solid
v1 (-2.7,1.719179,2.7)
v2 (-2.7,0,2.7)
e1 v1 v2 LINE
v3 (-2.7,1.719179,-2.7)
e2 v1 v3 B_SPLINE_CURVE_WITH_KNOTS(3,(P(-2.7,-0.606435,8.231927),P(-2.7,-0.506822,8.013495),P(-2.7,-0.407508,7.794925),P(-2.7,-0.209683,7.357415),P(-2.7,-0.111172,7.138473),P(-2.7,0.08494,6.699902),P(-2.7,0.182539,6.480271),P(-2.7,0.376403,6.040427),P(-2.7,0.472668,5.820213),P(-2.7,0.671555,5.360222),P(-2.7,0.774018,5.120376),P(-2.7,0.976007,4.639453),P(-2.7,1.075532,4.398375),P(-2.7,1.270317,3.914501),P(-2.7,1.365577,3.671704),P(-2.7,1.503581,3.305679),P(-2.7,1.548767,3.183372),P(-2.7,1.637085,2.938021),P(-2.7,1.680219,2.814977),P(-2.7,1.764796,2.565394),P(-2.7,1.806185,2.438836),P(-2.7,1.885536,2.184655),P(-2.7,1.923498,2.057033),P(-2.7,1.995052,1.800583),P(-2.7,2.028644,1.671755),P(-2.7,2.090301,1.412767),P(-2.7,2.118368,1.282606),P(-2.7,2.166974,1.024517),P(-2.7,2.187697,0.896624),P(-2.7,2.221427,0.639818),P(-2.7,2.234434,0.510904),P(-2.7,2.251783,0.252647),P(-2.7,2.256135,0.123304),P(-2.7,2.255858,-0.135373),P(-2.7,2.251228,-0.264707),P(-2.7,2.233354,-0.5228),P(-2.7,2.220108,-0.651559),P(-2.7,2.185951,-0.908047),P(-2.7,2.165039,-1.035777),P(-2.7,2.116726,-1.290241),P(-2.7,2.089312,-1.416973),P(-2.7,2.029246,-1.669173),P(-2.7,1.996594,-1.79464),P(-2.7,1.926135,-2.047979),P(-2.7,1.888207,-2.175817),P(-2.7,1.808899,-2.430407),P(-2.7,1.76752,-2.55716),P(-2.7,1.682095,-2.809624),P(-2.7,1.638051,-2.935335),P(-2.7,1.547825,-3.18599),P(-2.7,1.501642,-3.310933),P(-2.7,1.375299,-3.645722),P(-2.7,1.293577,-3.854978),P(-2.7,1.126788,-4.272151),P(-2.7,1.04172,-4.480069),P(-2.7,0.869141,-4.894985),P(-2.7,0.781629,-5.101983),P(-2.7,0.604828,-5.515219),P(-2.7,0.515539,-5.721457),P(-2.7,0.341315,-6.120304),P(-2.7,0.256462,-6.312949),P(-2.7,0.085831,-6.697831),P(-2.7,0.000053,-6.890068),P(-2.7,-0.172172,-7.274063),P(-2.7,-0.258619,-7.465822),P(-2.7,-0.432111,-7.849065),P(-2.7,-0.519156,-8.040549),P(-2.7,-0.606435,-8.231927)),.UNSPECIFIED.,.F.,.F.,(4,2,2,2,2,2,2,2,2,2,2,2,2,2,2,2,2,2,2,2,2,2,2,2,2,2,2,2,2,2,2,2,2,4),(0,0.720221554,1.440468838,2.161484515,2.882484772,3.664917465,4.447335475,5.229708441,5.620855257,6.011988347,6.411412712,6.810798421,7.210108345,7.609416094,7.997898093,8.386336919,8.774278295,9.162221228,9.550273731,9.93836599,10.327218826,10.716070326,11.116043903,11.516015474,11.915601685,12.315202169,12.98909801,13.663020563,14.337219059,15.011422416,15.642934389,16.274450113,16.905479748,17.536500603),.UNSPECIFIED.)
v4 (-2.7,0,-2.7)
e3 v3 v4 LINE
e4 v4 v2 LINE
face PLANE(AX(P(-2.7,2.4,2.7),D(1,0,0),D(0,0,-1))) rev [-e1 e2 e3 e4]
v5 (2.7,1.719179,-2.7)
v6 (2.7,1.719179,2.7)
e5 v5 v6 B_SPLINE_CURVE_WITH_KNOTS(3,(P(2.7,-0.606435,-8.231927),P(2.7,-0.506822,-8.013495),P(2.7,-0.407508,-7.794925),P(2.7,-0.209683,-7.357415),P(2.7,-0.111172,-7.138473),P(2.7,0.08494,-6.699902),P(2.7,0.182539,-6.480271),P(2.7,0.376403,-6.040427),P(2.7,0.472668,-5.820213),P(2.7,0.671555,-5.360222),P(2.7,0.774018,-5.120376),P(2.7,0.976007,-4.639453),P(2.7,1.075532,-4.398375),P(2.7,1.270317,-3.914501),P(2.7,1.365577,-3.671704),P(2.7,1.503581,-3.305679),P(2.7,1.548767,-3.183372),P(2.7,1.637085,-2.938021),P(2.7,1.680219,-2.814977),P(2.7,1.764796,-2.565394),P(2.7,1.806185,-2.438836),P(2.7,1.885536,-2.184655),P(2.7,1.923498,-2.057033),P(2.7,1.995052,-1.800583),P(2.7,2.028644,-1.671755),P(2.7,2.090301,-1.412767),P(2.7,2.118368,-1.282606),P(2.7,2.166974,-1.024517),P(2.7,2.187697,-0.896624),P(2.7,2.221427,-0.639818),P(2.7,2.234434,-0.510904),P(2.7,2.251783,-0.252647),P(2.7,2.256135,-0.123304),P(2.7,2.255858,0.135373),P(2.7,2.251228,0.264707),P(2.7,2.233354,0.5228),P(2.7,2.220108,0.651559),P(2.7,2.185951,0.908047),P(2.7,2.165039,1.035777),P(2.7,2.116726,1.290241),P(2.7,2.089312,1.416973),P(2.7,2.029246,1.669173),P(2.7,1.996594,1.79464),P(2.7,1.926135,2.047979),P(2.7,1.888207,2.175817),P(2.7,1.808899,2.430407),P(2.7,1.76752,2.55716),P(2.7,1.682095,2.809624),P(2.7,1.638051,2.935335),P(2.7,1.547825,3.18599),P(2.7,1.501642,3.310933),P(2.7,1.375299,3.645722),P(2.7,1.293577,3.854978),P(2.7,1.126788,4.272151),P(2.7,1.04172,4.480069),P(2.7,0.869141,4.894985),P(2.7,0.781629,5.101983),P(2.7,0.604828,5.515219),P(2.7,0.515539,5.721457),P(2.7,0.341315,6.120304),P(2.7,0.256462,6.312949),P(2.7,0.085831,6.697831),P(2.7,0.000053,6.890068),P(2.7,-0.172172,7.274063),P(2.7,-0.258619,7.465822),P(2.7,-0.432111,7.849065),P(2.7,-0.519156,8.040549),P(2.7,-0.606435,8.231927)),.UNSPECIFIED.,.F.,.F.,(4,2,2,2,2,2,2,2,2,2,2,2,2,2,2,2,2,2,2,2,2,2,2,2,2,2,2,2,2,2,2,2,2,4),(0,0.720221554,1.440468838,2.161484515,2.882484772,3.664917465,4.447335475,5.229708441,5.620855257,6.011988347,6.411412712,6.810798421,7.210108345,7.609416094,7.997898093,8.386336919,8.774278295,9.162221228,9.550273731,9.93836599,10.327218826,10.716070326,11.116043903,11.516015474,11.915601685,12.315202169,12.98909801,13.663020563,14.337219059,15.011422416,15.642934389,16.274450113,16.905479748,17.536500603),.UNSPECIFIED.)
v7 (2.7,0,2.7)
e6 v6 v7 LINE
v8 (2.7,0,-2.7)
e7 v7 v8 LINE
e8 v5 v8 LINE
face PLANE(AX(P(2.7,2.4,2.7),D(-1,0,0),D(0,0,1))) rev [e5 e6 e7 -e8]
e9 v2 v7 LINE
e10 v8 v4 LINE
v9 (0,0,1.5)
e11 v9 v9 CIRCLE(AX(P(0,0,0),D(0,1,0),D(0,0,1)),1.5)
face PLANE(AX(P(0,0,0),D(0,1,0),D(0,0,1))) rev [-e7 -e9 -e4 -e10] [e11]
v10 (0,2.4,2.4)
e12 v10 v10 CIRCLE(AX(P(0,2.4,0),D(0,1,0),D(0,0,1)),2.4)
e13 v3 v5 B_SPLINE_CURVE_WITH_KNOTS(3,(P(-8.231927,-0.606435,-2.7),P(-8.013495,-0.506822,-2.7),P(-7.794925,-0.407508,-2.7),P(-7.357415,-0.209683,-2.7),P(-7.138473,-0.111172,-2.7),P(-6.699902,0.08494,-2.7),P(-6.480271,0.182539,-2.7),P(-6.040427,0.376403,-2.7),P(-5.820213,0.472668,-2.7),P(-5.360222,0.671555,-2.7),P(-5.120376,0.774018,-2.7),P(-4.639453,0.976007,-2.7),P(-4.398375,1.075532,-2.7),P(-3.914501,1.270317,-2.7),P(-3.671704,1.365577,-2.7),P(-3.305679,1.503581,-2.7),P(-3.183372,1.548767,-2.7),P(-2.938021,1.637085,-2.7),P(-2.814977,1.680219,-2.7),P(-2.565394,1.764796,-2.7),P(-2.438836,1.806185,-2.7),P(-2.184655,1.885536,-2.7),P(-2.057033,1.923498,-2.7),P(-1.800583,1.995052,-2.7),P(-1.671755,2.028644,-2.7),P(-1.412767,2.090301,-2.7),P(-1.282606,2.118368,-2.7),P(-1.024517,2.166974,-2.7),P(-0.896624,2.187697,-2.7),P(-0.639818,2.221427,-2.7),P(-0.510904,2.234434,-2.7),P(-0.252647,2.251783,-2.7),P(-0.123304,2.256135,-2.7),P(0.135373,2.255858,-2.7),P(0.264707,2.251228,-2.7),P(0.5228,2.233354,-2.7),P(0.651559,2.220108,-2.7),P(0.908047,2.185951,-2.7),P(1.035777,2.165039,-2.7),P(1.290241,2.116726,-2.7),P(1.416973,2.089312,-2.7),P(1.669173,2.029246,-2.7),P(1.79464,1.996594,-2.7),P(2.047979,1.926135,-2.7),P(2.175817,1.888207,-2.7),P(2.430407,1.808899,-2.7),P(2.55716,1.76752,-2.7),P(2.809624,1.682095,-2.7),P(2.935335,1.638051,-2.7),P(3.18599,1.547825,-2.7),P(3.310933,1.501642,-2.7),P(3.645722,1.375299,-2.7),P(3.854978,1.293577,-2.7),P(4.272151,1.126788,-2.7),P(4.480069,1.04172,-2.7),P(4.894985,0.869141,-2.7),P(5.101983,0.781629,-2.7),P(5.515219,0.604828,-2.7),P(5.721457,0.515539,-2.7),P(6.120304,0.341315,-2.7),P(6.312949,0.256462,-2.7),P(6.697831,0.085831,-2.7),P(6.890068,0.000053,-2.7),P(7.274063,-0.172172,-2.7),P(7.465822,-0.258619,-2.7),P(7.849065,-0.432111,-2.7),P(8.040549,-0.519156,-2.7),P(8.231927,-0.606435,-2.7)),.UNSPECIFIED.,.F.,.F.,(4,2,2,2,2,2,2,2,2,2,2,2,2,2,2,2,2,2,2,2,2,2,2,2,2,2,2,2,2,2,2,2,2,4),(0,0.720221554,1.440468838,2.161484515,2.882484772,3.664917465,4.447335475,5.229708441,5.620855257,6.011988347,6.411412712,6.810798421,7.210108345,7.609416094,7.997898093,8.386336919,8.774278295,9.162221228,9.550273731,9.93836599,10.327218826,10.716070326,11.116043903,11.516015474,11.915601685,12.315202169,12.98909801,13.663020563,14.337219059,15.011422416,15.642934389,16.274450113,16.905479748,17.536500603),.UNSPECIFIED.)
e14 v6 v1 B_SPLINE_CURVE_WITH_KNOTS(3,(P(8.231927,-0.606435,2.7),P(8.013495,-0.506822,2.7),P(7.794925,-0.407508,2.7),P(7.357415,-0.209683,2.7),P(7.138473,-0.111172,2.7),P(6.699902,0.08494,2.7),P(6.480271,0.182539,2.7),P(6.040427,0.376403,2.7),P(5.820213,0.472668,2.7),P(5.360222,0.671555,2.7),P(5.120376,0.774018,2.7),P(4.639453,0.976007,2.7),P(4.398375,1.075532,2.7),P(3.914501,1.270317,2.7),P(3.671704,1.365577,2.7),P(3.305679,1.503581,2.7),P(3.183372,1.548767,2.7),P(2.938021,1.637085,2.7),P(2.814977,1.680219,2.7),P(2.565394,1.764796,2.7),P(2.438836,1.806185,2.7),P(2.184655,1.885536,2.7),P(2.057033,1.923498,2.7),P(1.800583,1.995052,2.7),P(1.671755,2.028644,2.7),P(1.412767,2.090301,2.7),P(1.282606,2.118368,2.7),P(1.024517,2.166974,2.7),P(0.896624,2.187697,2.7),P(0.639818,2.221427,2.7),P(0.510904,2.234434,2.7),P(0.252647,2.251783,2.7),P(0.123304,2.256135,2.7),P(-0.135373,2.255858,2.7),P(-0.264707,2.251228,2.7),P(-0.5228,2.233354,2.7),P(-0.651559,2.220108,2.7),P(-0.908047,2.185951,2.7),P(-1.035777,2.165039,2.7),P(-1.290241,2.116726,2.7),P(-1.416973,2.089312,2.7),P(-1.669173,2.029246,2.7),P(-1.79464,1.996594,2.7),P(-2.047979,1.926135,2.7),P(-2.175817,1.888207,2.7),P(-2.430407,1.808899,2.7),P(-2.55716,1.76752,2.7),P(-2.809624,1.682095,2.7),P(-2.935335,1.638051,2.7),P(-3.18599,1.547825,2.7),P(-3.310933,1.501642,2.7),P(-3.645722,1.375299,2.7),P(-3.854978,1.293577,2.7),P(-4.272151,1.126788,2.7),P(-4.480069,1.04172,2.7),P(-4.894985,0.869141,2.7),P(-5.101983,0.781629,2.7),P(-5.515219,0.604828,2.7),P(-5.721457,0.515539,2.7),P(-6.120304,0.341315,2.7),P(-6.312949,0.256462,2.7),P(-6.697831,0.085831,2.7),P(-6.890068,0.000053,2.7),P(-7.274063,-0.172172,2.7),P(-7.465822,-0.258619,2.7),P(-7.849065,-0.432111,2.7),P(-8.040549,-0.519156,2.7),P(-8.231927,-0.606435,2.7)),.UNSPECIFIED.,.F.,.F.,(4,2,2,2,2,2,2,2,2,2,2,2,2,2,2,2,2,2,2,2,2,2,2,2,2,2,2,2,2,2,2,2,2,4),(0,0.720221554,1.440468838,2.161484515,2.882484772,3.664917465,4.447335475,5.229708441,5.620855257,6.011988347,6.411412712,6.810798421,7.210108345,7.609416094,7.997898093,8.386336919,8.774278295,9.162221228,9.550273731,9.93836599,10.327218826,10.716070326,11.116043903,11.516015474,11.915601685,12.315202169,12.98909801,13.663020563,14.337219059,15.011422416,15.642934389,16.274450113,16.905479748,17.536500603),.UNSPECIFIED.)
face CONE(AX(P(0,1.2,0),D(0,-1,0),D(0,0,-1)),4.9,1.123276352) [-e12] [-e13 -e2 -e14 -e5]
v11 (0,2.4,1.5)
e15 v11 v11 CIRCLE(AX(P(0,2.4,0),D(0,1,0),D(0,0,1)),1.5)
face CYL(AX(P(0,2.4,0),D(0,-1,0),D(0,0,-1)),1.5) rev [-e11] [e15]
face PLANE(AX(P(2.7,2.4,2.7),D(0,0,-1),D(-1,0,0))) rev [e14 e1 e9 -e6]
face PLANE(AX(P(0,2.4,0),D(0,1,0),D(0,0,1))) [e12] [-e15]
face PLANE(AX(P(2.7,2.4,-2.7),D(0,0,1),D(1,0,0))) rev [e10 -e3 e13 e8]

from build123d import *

# Parameters (mm, degrees)
SKETCH1_W           = 5.4
SKETCH1_H           = 5.4
SKETCH1_R           = 1.5
BOSS_EXTRUDE1_DEPTH = 2.4


with BuildPart() as part:
    # Sketch1 → Boss-Extrude1 (new body)
    with BuildSketch(Plane(origin=(0, 0, 0), x_dir=(1, 0, 0), z_dir=(0, 1, 0))):
        Rectangle(SKETCH1_W, SKETCH1_H)
        with Locations(Location((0, 0, 0), (0, 0, 270))):
            Circle(SKETCH1_R, mode=Mode.SUBTRACT)
    extrude(amount=BOSS_EXTRUDE1_DEPTH)

    # Sketch2 → Cut-Revolve1 (revolve, cut)
    with BuildSketch(Plane.XY, mode=Mode.PRIVATE) as cut_revolve1_sk:
        Polygon((-2.4, 2.4), (-4.9, 1.2), (-4.9, 2.4), align=None)
    revolve(cut_revolve1_sk.sketch.rotate(Axis((0, 2.4, 0), (0, -1, 0)), 134.999999961), axis=Axis((0, 2.4, 0), (0, -1, 0)), mode=Mode.SUBTRACT)


solid = part.part
